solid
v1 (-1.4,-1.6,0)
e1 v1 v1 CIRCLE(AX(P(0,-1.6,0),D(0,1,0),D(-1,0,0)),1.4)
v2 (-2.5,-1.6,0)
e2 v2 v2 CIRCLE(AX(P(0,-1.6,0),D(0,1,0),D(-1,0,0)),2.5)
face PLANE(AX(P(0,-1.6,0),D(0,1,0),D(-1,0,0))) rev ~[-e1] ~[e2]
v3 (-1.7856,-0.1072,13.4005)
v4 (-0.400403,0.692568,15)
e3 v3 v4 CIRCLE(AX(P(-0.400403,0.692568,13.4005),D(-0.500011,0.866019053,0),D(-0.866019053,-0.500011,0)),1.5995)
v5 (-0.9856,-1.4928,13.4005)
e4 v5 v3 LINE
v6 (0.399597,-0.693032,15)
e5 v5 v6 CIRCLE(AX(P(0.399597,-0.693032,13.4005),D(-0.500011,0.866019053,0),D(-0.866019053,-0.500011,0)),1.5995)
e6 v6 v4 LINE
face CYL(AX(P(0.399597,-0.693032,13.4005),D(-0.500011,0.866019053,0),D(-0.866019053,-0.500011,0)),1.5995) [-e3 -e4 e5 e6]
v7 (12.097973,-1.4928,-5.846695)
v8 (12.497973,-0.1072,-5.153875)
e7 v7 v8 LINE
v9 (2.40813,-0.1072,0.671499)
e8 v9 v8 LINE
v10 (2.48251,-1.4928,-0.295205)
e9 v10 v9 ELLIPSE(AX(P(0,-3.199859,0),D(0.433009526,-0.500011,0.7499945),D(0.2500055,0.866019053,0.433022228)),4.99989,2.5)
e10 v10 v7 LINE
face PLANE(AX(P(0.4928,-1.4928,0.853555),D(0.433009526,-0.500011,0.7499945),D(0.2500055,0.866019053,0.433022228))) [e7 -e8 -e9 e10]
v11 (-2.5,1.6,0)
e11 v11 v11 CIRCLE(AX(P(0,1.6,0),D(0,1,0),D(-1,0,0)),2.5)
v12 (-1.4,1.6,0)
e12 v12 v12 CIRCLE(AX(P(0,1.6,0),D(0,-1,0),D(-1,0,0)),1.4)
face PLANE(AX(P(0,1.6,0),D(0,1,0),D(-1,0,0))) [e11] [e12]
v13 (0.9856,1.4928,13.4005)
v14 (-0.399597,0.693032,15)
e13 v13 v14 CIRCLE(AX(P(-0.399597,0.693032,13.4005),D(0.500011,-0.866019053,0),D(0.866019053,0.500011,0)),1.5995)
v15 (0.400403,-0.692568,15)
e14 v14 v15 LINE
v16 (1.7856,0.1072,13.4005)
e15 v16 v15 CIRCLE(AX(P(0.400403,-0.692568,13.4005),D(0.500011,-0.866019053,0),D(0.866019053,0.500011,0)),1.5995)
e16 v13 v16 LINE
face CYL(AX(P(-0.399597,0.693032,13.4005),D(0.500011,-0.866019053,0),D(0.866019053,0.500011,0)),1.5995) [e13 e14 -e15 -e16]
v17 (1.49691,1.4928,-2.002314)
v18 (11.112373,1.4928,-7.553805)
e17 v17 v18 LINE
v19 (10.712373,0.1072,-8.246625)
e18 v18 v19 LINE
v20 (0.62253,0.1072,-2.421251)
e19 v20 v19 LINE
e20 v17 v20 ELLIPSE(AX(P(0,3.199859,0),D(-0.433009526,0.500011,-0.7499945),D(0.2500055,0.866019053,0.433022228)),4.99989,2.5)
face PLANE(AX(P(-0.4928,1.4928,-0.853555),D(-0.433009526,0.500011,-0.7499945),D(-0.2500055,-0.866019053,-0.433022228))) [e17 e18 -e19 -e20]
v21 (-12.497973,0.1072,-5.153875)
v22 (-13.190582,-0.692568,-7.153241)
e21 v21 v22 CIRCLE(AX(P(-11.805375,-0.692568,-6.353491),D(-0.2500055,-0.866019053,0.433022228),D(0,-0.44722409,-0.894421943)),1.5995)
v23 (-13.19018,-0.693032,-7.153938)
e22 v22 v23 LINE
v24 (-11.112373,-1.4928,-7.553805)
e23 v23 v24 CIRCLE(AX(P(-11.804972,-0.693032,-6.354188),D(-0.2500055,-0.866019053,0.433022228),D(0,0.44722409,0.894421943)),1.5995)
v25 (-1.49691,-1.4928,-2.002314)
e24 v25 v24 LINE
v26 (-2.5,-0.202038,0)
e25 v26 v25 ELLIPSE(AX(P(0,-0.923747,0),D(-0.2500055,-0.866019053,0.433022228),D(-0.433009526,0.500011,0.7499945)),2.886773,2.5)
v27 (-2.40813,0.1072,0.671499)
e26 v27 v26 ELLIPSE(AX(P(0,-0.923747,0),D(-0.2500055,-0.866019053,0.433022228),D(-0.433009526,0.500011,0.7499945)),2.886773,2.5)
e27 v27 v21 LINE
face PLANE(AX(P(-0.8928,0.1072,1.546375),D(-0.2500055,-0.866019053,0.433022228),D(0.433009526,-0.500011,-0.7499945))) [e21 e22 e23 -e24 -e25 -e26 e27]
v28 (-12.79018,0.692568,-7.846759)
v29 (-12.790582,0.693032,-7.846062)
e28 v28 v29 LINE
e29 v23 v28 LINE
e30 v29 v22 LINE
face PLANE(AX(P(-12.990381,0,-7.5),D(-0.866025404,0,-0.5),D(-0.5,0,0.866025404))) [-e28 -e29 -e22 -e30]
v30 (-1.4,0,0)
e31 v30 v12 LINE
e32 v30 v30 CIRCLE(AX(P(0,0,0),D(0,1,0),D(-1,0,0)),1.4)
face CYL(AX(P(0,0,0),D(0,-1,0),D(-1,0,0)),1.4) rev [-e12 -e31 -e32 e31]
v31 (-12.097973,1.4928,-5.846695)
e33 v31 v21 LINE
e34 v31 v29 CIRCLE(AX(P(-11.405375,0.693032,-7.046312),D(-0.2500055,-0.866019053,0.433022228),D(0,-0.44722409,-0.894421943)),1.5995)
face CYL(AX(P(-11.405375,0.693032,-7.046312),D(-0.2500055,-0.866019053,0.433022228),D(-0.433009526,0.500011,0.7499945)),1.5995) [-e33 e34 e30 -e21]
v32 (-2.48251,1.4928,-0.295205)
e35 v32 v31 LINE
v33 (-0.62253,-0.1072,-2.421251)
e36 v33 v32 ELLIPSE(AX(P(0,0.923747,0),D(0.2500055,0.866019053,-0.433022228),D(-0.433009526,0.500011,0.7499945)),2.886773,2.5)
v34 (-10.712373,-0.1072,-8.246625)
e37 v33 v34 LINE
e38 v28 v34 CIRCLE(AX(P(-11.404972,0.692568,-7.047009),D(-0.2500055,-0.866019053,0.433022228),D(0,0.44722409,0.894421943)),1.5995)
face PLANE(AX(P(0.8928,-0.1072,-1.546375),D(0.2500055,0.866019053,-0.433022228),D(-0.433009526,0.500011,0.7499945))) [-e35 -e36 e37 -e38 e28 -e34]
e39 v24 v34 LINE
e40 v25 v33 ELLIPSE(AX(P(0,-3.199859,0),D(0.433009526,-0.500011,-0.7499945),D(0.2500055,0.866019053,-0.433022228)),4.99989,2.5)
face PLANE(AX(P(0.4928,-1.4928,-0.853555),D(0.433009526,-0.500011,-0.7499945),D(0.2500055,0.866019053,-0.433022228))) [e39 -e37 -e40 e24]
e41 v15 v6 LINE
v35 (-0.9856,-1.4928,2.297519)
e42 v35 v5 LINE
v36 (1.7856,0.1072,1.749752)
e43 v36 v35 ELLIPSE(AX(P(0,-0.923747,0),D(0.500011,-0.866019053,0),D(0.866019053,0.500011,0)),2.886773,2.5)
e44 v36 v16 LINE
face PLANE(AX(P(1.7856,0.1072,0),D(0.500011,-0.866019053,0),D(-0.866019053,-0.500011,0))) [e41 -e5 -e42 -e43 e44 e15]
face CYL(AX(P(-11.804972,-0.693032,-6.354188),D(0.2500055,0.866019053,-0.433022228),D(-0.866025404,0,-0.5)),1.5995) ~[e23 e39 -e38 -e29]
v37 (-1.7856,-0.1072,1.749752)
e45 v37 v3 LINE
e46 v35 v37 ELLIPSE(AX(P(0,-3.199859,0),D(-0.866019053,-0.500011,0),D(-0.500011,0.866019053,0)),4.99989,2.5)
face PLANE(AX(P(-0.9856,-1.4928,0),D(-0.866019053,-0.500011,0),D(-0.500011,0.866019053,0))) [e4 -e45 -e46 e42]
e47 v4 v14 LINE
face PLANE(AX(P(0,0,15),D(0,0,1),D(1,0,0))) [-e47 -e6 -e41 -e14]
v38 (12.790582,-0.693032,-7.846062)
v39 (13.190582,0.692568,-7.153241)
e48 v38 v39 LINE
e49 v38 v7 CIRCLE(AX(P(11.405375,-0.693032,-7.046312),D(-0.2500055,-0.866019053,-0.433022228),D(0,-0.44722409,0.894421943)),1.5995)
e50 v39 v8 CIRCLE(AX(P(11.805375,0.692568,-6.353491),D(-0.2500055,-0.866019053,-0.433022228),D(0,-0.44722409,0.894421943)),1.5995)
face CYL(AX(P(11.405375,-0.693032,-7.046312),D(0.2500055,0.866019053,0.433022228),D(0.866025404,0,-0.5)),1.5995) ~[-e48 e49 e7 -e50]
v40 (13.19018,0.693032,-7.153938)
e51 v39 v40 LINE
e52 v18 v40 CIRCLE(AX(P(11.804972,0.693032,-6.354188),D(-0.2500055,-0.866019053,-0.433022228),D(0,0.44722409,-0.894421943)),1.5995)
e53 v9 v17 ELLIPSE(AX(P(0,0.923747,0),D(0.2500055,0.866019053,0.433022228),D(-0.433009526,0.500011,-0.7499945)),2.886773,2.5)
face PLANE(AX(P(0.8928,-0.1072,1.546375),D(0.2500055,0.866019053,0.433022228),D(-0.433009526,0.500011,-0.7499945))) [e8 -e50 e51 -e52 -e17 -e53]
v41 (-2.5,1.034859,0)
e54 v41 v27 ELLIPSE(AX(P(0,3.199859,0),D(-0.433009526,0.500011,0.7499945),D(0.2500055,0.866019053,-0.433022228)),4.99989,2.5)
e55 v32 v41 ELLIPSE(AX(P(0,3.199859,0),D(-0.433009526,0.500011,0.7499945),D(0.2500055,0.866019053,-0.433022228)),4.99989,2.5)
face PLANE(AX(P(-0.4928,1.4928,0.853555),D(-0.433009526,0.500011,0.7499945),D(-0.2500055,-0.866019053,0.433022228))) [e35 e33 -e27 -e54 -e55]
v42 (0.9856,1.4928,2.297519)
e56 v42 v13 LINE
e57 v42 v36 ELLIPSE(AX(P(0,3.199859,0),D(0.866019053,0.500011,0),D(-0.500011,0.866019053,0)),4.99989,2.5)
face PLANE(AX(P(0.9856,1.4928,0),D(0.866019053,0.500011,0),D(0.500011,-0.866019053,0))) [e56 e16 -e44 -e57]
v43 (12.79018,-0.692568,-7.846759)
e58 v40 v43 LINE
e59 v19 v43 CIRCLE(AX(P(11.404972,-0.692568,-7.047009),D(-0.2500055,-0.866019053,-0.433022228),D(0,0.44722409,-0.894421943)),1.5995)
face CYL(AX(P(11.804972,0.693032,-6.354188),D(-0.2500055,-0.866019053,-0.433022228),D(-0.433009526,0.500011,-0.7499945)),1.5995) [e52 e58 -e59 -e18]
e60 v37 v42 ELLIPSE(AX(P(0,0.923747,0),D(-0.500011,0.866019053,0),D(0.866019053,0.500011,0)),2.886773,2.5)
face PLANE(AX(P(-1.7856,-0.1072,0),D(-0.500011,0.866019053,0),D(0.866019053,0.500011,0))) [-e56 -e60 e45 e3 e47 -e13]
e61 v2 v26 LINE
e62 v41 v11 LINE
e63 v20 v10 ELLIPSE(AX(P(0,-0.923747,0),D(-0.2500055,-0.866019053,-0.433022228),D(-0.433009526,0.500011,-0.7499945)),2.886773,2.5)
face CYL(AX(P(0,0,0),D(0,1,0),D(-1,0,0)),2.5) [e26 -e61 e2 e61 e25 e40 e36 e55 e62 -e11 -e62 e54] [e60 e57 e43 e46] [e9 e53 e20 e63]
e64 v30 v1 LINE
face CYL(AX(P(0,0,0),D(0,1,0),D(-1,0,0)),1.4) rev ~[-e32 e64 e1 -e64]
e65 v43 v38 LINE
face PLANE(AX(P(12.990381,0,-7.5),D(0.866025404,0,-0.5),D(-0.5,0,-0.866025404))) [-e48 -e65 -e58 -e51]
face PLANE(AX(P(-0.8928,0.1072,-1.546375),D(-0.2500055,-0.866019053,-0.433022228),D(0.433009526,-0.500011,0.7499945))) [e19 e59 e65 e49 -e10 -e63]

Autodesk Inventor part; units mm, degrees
ref_plane "YZ Plane" through (0, 0, 0) normal (1, 0, 0) x (0, 1, 0)
ref_plane "XZ Plane" through (0, 0, 0) normal (0, 1, 0) x (-1, 0, 0)
ref_plane "XY Plane" through (0, 0, 0) normal (0, 0, 1) x (1, 0, 0)
sketch "Sketch2" plane through (0, 0, 0) normal (0, 1, 0) x (-1, 0, 0)
  circle A0 centre (0, 0) radius 2.5
  circle A1 centre (0, 0) radius 1.4
  dimension "d9" = 5
  dimension "d10" = 2.8
sketch "Sketch1" plane through (0, 0, 0) normal (0, 0, 1) x (1, 0, 0)
  line L0 (-1.7856, -0.1072) -> (0.9856, 1.4928)
  line L1 (0.9856, 1.4928) -> (1.7856, 0.1072)
  line L2 (1.7856, 0.1072) -> (-0.9856, -1.4928)
  line L3 (-0.9856, -1.4928) -> (-1.7856, -0.1072)
  line L4 (0.9856, 1.4928) -> (-0.9856, -1.4928) construction
  line L5 (0, -2.0899) -> (0, 2.0899) construction
  line L6 (-2.4999, 0) -> (2.4999, 0) construction
  point P0 (0, 0)
  dimension "d0" = 1.6
  dimension "d1" = 3.2
  dimension "d2" = 30
extrude "Extrusion1" add sketch "Sketch1" along normal blind 15
fillet "Fillet1" radius 1.6 2 edges at (1.3856, 0.8, 15) (-1.3856, -0.8, 15)
pattern_circular "Circular Pattern1" count 3 over 360 about axis through (0, -10, 0) along (0, 1, 0) of "Extrusion1", "Fillet1"
extrude "Extrusion2" add sketch "Sketch2" along normal mid plane 3.2 contours A0 | A1
extrude "Extrusion3" cut sketch "Sketch2" along normal through all both and the other way through all contours A1
equation "\"d5\" = 0.5 * d1"
properties part number "LEGO Brick 2421" material "Steel"
